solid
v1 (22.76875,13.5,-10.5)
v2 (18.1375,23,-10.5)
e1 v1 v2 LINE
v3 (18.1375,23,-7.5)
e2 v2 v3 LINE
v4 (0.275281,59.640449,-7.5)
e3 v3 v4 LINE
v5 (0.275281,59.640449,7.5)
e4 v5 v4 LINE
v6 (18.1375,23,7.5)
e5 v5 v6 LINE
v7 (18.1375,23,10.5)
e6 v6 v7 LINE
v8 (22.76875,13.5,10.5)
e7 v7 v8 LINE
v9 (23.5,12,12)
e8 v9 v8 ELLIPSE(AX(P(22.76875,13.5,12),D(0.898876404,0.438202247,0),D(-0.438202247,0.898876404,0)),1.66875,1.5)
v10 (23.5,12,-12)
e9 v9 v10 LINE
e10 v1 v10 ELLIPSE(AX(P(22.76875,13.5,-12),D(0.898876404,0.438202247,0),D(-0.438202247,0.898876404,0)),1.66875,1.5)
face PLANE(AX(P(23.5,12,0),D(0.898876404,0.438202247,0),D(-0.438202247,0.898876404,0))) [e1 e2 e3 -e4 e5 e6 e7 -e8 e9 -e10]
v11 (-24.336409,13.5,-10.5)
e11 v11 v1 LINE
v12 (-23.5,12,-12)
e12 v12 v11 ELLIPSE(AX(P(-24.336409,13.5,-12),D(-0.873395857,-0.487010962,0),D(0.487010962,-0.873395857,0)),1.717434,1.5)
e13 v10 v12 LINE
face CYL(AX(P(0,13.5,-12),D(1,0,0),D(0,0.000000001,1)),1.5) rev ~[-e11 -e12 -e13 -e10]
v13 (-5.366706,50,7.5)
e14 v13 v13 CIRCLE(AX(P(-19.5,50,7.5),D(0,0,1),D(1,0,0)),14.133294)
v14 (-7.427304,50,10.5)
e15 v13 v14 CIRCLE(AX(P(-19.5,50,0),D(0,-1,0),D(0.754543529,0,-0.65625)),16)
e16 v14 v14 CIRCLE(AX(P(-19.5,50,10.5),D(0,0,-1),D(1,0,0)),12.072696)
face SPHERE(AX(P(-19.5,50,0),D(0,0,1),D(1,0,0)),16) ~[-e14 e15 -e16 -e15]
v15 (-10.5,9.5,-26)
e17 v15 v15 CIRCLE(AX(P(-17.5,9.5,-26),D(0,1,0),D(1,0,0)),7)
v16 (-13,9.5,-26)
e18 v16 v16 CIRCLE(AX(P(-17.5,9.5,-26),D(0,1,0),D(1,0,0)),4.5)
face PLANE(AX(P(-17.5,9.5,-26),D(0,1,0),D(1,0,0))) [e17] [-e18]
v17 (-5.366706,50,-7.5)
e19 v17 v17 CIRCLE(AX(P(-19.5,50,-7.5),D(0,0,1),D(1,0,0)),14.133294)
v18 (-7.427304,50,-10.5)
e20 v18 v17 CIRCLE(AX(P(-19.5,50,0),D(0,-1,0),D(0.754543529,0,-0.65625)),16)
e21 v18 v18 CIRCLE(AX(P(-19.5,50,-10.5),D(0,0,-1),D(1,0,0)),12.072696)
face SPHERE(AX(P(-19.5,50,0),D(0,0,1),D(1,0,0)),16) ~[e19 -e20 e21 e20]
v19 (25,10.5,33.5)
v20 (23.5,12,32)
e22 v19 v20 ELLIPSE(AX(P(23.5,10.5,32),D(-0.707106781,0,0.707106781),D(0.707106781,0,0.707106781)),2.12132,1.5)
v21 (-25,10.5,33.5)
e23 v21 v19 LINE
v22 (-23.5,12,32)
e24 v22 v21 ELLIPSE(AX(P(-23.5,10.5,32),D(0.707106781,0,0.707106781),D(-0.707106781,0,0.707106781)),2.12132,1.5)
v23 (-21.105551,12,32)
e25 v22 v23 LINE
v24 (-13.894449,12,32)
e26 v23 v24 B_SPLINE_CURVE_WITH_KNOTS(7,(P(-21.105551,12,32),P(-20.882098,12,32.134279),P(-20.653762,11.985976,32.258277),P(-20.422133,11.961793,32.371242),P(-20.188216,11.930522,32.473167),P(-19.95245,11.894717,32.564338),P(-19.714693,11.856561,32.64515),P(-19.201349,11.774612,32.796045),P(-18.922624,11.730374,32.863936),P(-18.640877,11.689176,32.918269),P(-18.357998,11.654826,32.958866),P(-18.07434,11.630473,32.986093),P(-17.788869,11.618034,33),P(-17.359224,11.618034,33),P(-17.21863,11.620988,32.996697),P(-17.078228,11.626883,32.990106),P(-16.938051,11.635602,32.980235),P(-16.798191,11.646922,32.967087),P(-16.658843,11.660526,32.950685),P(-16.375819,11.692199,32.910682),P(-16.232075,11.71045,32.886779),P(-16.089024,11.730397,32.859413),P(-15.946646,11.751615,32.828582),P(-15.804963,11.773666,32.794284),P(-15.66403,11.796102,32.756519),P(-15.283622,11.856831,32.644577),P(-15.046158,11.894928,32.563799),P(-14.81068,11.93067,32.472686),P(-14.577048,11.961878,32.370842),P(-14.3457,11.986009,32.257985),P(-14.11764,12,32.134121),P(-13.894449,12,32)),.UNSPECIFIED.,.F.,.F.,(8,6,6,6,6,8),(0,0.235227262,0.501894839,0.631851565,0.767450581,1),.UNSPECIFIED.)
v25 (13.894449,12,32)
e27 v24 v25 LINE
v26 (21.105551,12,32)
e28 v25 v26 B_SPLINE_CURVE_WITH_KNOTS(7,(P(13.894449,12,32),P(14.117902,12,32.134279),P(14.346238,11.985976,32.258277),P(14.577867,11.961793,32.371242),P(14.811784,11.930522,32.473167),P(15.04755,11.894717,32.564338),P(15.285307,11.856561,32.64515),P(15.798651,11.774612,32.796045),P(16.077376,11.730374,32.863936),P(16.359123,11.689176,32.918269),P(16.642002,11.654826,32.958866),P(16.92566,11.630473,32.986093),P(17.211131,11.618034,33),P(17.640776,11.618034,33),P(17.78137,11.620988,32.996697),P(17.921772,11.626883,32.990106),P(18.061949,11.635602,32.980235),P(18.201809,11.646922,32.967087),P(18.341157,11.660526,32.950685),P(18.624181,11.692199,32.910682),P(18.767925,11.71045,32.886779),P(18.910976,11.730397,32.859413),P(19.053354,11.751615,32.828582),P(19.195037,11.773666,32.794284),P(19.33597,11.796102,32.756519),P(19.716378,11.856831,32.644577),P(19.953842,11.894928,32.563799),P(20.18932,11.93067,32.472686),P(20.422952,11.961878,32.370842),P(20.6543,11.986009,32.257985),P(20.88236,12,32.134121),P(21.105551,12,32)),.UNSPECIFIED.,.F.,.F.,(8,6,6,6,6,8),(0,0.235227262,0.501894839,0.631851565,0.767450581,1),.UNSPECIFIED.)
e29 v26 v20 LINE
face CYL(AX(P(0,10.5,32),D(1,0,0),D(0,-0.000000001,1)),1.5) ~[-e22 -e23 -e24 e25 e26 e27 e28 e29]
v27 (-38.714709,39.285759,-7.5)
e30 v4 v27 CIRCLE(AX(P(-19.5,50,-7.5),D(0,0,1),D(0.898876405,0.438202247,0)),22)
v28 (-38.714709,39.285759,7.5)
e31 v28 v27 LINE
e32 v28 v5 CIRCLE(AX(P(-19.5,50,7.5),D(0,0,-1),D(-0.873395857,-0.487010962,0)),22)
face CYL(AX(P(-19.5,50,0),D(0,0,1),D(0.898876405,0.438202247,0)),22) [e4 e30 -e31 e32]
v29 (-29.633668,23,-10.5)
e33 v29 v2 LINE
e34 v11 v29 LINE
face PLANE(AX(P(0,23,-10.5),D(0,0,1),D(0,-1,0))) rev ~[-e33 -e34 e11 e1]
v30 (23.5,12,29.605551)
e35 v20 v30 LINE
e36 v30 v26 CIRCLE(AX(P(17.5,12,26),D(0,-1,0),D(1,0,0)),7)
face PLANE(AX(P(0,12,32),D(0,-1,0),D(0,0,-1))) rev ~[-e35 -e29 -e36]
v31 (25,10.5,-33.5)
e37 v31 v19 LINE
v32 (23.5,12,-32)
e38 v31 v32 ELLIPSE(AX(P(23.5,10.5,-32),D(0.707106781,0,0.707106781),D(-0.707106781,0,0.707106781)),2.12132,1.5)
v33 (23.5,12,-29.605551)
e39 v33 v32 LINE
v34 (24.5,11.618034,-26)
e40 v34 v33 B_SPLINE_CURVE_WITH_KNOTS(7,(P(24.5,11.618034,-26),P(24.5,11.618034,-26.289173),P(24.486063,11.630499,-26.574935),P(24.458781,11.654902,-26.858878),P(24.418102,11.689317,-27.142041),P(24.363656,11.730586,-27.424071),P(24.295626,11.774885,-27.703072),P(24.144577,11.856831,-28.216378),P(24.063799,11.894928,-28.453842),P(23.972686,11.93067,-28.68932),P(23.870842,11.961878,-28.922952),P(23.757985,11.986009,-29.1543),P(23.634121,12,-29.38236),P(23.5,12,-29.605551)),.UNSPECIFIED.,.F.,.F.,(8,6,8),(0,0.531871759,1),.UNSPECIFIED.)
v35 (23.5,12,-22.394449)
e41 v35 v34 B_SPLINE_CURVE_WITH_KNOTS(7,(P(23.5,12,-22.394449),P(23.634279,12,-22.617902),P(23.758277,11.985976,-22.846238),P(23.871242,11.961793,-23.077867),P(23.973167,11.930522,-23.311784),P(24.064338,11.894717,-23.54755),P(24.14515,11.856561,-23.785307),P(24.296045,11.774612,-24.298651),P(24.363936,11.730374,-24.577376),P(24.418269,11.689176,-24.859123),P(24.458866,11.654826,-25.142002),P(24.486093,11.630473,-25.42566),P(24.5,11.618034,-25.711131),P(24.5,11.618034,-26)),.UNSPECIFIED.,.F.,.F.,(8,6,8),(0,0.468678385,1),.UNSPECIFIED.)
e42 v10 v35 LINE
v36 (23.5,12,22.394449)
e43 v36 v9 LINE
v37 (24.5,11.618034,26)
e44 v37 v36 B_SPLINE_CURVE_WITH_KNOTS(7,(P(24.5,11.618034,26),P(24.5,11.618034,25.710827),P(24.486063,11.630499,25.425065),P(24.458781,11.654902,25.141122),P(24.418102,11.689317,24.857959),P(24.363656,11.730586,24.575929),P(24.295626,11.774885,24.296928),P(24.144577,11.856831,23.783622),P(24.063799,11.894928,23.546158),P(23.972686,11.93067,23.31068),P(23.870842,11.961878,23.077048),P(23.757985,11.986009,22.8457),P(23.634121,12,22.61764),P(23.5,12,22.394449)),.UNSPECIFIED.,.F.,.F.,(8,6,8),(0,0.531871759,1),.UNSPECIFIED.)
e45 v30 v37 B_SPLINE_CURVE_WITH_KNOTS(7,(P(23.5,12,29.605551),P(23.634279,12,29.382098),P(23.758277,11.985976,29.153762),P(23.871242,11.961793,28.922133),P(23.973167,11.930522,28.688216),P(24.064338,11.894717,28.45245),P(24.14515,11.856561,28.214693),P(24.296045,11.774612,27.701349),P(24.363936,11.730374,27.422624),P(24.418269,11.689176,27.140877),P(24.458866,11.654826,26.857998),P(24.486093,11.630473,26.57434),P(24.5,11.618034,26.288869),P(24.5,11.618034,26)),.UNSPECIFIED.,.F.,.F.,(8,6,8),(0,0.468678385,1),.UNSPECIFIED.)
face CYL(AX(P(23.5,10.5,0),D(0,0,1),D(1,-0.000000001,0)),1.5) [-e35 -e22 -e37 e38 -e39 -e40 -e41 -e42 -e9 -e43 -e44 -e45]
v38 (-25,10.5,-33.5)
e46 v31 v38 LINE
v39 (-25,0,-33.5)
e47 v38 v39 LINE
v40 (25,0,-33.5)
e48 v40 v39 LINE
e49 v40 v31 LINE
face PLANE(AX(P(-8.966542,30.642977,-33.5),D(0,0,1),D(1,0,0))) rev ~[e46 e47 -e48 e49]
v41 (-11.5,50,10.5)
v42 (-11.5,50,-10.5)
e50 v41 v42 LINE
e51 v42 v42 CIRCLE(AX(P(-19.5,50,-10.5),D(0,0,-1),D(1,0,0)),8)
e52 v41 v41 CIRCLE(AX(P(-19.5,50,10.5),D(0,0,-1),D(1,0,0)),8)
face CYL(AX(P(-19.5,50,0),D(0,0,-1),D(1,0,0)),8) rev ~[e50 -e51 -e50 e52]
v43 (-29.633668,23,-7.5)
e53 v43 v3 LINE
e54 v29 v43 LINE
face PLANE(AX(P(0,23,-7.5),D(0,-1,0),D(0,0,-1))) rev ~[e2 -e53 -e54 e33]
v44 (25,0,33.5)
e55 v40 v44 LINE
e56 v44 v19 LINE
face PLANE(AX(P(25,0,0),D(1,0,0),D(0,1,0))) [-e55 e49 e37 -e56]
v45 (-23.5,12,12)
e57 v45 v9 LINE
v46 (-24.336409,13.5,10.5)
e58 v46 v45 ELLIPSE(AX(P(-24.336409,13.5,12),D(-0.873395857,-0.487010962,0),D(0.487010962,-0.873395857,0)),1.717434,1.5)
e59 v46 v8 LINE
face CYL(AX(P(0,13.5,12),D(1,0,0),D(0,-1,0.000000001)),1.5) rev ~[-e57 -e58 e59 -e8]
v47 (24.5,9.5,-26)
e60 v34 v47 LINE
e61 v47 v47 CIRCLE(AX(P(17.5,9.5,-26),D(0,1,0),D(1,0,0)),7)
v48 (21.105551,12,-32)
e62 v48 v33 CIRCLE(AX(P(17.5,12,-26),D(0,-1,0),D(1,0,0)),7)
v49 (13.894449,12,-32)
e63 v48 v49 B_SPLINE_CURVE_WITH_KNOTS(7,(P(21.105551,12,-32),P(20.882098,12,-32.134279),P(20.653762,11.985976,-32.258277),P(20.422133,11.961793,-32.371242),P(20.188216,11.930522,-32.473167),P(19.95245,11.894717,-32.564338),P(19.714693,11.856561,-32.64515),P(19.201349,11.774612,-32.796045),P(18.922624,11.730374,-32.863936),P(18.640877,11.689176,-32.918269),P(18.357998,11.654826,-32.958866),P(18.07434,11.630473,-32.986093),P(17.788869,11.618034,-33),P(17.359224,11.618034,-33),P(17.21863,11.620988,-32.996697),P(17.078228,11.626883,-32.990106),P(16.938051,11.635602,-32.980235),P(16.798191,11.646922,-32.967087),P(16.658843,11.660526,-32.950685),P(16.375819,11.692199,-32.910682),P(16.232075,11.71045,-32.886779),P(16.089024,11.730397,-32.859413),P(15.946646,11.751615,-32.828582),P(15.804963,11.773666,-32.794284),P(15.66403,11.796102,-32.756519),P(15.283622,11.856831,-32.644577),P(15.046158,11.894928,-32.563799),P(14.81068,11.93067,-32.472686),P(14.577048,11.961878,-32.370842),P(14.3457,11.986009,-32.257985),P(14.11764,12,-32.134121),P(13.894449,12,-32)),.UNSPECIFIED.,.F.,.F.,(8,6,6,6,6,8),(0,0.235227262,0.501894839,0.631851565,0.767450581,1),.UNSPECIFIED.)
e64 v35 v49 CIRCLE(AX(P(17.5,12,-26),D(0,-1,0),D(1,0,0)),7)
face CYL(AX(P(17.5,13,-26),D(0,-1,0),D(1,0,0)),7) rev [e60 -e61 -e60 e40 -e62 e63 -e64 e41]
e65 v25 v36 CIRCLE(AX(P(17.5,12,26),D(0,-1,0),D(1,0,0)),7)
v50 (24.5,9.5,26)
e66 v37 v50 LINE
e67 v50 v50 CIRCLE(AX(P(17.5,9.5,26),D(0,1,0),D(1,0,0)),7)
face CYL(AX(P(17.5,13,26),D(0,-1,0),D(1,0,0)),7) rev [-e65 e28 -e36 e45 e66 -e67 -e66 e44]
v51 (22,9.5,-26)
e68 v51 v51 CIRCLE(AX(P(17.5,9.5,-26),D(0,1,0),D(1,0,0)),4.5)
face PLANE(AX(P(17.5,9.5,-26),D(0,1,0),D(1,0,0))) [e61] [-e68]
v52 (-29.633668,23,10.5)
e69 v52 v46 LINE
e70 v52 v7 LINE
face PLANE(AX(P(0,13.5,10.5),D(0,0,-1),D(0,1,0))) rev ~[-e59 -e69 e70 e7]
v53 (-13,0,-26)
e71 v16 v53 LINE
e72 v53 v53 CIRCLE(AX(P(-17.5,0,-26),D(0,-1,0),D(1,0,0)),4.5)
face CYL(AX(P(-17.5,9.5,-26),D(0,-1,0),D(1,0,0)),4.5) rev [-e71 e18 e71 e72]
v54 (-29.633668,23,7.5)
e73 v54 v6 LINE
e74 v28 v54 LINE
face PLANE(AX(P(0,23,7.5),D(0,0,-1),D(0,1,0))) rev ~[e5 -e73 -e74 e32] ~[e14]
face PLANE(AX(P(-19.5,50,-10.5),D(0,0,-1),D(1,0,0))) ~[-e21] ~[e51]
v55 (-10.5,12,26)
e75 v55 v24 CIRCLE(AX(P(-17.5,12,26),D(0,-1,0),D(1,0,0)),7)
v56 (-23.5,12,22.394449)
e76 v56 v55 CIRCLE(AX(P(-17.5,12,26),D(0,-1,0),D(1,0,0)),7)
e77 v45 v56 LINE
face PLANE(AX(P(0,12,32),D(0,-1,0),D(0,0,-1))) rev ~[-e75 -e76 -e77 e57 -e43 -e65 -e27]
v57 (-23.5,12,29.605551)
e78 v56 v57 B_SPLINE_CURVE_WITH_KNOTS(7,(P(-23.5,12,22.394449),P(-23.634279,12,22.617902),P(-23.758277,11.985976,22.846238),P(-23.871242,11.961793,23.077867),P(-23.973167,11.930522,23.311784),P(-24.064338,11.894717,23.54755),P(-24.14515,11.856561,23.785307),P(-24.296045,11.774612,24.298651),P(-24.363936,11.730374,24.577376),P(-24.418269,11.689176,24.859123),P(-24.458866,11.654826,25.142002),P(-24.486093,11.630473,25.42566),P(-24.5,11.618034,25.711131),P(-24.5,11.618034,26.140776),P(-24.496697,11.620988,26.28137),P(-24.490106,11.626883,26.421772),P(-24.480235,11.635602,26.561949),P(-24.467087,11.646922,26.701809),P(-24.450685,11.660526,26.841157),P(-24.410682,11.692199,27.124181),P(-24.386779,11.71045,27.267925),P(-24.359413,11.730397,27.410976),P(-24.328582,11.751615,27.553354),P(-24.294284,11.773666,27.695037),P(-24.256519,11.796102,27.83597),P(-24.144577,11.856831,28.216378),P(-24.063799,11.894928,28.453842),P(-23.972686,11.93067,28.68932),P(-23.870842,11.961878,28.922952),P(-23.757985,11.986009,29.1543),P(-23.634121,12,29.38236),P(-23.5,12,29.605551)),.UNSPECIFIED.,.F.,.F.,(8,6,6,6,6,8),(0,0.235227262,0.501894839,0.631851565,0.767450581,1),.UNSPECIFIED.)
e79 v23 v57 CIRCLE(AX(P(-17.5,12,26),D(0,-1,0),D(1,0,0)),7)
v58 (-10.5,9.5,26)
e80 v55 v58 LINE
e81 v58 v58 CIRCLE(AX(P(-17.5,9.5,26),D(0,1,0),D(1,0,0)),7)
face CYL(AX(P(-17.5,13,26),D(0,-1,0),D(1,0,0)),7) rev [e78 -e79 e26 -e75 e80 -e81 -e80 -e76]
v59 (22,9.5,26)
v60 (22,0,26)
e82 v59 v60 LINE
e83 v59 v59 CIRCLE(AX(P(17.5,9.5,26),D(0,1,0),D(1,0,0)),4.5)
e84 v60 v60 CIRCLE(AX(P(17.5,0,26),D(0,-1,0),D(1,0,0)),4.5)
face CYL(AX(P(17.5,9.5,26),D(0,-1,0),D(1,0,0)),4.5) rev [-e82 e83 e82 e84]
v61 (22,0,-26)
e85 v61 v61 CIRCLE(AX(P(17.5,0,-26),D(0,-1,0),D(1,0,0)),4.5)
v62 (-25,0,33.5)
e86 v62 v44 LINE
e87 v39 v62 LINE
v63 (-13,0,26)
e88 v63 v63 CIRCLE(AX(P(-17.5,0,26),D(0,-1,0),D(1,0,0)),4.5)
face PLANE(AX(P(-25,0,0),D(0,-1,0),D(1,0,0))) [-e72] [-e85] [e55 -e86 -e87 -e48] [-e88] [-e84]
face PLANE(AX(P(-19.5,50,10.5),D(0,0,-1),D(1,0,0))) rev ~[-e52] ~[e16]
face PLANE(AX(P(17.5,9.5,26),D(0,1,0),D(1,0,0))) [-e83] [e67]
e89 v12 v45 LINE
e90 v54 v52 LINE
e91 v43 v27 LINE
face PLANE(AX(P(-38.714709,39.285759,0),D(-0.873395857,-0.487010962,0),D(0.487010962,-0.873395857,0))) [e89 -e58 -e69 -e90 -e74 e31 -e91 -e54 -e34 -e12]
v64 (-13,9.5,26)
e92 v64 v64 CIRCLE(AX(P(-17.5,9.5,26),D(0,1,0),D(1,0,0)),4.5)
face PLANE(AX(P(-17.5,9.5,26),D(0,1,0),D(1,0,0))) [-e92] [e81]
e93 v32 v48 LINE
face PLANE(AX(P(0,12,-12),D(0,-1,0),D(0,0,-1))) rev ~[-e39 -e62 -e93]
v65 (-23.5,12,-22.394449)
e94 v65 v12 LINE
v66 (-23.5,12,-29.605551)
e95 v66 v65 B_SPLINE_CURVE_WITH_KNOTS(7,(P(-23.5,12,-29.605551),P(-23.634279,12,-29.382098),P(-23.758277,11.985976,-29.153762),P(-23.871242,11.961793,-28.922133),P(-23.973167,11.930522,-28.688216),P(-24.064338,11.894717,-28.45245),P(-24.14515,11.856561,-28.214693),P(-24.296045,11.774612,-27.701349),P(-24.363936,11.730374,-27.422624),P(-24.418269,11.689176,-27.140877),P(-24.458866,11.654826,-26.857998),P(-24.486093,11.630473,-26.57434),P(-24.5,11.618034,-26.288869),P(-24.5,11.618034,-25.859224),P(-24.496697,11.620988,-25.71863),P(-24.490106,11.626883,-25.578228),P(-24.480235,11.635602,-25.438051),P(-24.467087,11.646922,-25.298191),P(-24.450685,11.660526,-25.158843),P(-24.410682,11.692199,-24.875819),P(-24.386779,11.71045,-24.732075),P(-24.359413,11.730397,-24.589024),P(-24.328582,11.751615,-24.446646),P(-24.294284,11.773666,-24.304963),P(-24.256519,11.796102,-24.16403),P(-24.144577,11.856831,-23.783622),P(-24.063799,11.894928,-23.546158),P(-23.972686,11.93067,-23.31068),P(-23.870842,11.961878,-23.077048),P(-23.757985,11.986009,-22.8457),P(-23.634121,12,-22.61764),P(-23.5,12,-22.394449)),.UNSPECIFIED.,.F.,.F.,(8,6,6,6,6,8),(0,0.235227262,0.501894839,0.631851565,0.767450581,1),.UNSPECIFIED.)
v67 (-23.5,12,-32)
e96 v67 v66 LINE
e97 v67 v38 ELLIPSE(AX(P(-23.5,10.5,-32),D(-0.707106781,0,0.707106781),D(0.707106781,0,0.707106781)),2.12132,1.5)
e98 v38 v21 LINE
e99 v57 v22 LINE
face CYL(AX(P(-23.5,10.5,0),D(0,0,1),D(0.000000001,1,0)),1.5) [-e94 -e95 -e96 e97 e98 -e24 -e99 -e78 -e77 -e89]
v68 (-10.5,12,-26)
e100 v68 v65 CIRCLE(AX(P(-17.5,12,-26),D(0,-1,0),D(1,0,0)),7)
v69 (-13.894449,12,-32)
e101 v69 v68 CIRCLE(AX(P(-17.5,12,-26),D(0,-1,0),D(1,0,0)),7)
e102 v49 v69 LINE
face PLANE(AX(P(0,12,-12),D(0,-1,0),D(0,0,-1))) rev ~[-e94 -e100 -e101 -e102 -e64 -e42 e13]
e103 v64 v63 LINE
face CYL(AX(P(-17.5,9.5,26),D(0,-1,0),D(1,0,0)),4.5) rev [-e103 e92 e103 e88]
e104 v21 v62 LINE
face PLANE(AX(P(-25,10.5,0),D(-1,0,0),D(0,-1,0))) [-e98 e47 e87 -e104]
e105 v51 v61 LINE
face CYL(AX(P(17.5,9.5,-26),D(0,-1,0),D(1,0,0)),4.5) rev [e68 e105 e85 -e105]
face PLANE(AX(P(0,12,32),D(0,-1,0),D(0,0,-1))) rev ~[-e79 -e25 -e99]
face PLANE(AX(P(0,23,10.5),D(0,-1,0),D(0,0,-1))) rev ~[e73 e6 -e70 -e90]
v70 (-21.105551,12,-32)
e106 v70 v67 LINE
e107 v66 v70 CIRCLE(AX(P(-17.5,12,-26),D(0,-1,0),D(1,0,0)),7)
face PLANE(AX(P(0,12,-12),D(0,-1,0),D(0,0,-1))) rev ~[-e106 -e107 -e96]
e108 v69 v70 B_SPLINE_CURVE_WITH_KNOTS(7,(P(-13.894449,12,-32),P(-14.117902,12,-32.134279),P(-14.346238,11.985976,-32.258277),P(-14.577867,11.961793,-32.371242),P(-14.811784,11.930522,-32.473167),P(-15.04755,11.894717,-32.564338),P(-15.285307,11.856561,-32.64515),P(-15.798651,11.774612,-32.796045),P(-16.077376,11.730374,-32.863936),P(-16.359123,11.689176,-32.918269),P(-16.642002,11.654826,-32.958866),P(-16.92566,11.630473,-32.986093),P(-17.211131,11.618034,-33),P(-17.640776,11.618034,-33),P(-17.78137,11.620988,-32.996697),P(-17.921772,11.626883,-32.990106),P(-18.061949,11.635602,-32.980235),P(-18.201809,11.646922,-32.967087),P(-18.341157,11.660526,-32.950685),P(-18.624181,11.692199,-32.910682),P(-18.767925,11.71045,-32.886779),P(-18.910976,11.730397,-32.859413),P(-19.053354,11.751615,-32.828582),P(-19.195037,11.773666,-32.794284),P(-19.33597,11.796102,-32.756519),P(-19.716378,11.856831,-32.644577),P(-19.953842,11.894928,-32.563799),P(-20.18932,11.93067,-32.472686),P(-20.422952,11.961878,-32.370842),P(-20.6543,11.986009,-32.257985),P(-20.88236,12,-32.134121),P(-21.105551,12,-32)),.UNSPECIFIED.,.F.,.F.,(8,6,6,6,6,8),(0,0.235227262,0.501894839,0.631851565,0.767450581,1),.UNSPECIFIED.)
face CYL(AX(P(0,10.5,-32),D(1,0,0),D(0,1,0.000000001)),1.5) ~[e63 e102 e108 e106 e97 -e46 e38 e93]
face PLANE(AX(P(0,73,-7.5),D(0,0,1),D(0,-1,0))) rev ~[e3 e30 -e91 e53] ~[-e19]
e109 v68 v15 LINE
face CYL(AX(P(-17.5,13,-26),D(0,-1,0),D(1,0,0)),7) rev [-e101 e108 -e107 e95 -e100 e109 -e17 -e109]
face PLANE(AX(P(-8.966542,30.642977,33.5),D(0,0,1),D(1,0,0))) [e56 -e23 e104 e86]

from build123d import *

# Parameters (mm, degrees)
BOSS_EXTRUDE1_DEPTH      = 33.5
BOSS_EXTRUDE1_DEPTH_BACK = 33.5
CUT_EXTRUDE1_DEPTH       = 67
CUT_EXTRUDE1_DEPTH_BACK  = 67
SKETCH4_W                = 8
SKETCH4_H                = 32


with BuildPart() as part:
    # Sketch1 → Boss-Extrude1 (new, two sides: drawn at the far end of the back side and taken through both)
    with BuildSketch(Plane.XY.offset(-BOSS_EXTRUDE1_DEPTH_BACK)):
        with BuildLine():
            Line((-38.714708847, 39.285758826), (-23.5, 12))
            ThreePointArc((-23.5, 12), (-24.560660172, 11.560660172), (-25, 10.5))
            Line((-25, 10.5), (-25, 0))
            Line((-25, 0), (25, 0))
            Line((25, 0), (25, 10.5))
            ThreePointArc((25, 10.5), (24.560660172, 11.560660172), (23.5, 12))
            Line((23.5, 12), (0.275280899, 59.640449438))
            ThreePointArc((0.275280899, 59.640449438), (-29.68120414, 69.502386579), (-38.714708847, 39.285758826))
        make_face()
    extrude(amount=BOSS_EXTRUDE1_DEPTH + BOSS_EXTRUDE1_DEPTH_BACK)

    # Sketch2 → Cut-Extrude1 (cut, two sides: drawn at the far end of the back side and taken through both)
    with BuildSketch(Plane(origin=(0, 0, 0), x_dir=(0, 0, -1), z_dir=(1, 0, 0)).offset(-CUT_EXTRUDE1_DEPTH_BACK)):
        with BuildLine():
            Line((-67, 100), (-67, -1))
            Line((-67, -1), (-33.5, -1))
            Line((-33.5, -1), (-33.5, 10.5))
            ThreePointArc((-33.5, 10.5), (-33.060660172, 11.560660172), (-32, 12))
            Line((-32, 12), (-12, 12))
            ThreePointArc((-12, 12), (-10.939339828, 12.439339828), (-10.5, 13.5))
            Line((-10.5, 13.5), (-10.5, 23))
            Line((-10.5, 23), (-7.5, 23))
            Line((-7.5, 23), (-7.5, 73))
            Line((-7.5, 73), (7.5, 73))
            Line((7.5, 73), (7.5, 23))
            Line((7.5, 23), (10.5, 23))
            Line((10.5, 23), (10.5, 13.5))
            ThreePointArc((10.5, 13.5), (10.939339828, 12.439339828), (12, 12))
            Line((12, 12), (32, 12))
            ThreePointArc((32, 12), (33.060660172, 11.560660172), (33.5, 10.5))
            Line((33.5, 10.5), (33.5, -1))
            Line((33.5, -1), (67, -1))
            Line((67, -1), (67, 100))
            Line((67, 100), (-67, 100))
        make_face()
    extrude(amount=CUT_EXTRUDE1_DEPTH + CUT_EXTRUDE1_DEPTH_BACK, mode=Mode.SUBTRACT)

    # Sketch3 → Revolve1 (revolve)
    with BuildSketch(Plane(origin=(0, 50, 0), x_dir=(1, 0, 0), z_dir=(0, 1, 0))):
        with BuildLine():
            Line((-19.5, 10.5), (-7.427303532, 10.5))
            ThreePointArc((-7.427303532, 10.5), (-3.5, 0), (-7.427303532, -10.5))
            Line((-7.427303532, -10.5), (-19.5, -10.5))
            Line((-19.5, -10.5), (-19.5, 10.5))
        make_face()
    revolve(axis=Axis((-19.5, 50, 10.5), (0, 0, -1)))

    # Sketch4 → Cut-Revolve1 (revolve, cut)
    with BuildSketch(Plane(origin=(0, 50, 0), x_dir=(1, 0, 0), z_dir=(0, 1, 0))):
        with Locations((-15.5, 0)):
            Rectangle(SKETCH4_W, SKETCH4_H)
    revolve(axis=Axis((-19.5, 50, 16), (0, 0, -1)), mode=Mode.SUBTRACT)

    # Sketch5 → Cut-Revolve2 (revolve, cut)
    with BuildSketch(Plane.XY.offset(26)):
        Polygon((17.5, 13), (24.5, 13), (24.5, 9.5), (22, 9.5), (22, -1), (17.5, -1), align=None)
    revolve(axis=Axis((17.5, -1, 26), (0, 1, 0)), mode=Mode.SUBTRACT)

    # Sketch6 → Cut-Revolve3 (revolve, cut)
    with BuildSketch(Plane.XY.offset(26)):
        Polygon((-17.5, 13), (-10.5, 13), (-10.5, 9.5), (-13, 9.5), (-13, -1), (-17.5, -1), align=None)
    revolve(axis=Axis((-17.5, -1, 26), (0, 1, 0)), mode=Mode.SUBTRACT)

    # Sketch7 → Cut-Revolve4 (revolve, cut)
    with BuildSketch(Plane.XY.offset(-26)):
        Polygon((-17.5, 13), (-10.5, 13), (-10.5, 9.5), (-13, 9.5), (-13, -1), (-17.5, -1), align=None)
    revolve(axis=Axis((-17.5, -1, -26), (0, 1, 0)), mode=Mode.SUBTRACT)

    # Sketch8 → Cut-Revolve5 (revolve, cut)
    with BuildSketch(Plane.XY.offset(-26)):
        Polygon((17.5, 13), (24.5, 13), (24.5, 9.5), (22, 9.5), (22, -1), (17.5, -1), align=None)
    revolve(axis=Axis((17.5, -1, -26), (0, 1, 0)), mode=Mode.SUBTRACT)


solid = part.part
